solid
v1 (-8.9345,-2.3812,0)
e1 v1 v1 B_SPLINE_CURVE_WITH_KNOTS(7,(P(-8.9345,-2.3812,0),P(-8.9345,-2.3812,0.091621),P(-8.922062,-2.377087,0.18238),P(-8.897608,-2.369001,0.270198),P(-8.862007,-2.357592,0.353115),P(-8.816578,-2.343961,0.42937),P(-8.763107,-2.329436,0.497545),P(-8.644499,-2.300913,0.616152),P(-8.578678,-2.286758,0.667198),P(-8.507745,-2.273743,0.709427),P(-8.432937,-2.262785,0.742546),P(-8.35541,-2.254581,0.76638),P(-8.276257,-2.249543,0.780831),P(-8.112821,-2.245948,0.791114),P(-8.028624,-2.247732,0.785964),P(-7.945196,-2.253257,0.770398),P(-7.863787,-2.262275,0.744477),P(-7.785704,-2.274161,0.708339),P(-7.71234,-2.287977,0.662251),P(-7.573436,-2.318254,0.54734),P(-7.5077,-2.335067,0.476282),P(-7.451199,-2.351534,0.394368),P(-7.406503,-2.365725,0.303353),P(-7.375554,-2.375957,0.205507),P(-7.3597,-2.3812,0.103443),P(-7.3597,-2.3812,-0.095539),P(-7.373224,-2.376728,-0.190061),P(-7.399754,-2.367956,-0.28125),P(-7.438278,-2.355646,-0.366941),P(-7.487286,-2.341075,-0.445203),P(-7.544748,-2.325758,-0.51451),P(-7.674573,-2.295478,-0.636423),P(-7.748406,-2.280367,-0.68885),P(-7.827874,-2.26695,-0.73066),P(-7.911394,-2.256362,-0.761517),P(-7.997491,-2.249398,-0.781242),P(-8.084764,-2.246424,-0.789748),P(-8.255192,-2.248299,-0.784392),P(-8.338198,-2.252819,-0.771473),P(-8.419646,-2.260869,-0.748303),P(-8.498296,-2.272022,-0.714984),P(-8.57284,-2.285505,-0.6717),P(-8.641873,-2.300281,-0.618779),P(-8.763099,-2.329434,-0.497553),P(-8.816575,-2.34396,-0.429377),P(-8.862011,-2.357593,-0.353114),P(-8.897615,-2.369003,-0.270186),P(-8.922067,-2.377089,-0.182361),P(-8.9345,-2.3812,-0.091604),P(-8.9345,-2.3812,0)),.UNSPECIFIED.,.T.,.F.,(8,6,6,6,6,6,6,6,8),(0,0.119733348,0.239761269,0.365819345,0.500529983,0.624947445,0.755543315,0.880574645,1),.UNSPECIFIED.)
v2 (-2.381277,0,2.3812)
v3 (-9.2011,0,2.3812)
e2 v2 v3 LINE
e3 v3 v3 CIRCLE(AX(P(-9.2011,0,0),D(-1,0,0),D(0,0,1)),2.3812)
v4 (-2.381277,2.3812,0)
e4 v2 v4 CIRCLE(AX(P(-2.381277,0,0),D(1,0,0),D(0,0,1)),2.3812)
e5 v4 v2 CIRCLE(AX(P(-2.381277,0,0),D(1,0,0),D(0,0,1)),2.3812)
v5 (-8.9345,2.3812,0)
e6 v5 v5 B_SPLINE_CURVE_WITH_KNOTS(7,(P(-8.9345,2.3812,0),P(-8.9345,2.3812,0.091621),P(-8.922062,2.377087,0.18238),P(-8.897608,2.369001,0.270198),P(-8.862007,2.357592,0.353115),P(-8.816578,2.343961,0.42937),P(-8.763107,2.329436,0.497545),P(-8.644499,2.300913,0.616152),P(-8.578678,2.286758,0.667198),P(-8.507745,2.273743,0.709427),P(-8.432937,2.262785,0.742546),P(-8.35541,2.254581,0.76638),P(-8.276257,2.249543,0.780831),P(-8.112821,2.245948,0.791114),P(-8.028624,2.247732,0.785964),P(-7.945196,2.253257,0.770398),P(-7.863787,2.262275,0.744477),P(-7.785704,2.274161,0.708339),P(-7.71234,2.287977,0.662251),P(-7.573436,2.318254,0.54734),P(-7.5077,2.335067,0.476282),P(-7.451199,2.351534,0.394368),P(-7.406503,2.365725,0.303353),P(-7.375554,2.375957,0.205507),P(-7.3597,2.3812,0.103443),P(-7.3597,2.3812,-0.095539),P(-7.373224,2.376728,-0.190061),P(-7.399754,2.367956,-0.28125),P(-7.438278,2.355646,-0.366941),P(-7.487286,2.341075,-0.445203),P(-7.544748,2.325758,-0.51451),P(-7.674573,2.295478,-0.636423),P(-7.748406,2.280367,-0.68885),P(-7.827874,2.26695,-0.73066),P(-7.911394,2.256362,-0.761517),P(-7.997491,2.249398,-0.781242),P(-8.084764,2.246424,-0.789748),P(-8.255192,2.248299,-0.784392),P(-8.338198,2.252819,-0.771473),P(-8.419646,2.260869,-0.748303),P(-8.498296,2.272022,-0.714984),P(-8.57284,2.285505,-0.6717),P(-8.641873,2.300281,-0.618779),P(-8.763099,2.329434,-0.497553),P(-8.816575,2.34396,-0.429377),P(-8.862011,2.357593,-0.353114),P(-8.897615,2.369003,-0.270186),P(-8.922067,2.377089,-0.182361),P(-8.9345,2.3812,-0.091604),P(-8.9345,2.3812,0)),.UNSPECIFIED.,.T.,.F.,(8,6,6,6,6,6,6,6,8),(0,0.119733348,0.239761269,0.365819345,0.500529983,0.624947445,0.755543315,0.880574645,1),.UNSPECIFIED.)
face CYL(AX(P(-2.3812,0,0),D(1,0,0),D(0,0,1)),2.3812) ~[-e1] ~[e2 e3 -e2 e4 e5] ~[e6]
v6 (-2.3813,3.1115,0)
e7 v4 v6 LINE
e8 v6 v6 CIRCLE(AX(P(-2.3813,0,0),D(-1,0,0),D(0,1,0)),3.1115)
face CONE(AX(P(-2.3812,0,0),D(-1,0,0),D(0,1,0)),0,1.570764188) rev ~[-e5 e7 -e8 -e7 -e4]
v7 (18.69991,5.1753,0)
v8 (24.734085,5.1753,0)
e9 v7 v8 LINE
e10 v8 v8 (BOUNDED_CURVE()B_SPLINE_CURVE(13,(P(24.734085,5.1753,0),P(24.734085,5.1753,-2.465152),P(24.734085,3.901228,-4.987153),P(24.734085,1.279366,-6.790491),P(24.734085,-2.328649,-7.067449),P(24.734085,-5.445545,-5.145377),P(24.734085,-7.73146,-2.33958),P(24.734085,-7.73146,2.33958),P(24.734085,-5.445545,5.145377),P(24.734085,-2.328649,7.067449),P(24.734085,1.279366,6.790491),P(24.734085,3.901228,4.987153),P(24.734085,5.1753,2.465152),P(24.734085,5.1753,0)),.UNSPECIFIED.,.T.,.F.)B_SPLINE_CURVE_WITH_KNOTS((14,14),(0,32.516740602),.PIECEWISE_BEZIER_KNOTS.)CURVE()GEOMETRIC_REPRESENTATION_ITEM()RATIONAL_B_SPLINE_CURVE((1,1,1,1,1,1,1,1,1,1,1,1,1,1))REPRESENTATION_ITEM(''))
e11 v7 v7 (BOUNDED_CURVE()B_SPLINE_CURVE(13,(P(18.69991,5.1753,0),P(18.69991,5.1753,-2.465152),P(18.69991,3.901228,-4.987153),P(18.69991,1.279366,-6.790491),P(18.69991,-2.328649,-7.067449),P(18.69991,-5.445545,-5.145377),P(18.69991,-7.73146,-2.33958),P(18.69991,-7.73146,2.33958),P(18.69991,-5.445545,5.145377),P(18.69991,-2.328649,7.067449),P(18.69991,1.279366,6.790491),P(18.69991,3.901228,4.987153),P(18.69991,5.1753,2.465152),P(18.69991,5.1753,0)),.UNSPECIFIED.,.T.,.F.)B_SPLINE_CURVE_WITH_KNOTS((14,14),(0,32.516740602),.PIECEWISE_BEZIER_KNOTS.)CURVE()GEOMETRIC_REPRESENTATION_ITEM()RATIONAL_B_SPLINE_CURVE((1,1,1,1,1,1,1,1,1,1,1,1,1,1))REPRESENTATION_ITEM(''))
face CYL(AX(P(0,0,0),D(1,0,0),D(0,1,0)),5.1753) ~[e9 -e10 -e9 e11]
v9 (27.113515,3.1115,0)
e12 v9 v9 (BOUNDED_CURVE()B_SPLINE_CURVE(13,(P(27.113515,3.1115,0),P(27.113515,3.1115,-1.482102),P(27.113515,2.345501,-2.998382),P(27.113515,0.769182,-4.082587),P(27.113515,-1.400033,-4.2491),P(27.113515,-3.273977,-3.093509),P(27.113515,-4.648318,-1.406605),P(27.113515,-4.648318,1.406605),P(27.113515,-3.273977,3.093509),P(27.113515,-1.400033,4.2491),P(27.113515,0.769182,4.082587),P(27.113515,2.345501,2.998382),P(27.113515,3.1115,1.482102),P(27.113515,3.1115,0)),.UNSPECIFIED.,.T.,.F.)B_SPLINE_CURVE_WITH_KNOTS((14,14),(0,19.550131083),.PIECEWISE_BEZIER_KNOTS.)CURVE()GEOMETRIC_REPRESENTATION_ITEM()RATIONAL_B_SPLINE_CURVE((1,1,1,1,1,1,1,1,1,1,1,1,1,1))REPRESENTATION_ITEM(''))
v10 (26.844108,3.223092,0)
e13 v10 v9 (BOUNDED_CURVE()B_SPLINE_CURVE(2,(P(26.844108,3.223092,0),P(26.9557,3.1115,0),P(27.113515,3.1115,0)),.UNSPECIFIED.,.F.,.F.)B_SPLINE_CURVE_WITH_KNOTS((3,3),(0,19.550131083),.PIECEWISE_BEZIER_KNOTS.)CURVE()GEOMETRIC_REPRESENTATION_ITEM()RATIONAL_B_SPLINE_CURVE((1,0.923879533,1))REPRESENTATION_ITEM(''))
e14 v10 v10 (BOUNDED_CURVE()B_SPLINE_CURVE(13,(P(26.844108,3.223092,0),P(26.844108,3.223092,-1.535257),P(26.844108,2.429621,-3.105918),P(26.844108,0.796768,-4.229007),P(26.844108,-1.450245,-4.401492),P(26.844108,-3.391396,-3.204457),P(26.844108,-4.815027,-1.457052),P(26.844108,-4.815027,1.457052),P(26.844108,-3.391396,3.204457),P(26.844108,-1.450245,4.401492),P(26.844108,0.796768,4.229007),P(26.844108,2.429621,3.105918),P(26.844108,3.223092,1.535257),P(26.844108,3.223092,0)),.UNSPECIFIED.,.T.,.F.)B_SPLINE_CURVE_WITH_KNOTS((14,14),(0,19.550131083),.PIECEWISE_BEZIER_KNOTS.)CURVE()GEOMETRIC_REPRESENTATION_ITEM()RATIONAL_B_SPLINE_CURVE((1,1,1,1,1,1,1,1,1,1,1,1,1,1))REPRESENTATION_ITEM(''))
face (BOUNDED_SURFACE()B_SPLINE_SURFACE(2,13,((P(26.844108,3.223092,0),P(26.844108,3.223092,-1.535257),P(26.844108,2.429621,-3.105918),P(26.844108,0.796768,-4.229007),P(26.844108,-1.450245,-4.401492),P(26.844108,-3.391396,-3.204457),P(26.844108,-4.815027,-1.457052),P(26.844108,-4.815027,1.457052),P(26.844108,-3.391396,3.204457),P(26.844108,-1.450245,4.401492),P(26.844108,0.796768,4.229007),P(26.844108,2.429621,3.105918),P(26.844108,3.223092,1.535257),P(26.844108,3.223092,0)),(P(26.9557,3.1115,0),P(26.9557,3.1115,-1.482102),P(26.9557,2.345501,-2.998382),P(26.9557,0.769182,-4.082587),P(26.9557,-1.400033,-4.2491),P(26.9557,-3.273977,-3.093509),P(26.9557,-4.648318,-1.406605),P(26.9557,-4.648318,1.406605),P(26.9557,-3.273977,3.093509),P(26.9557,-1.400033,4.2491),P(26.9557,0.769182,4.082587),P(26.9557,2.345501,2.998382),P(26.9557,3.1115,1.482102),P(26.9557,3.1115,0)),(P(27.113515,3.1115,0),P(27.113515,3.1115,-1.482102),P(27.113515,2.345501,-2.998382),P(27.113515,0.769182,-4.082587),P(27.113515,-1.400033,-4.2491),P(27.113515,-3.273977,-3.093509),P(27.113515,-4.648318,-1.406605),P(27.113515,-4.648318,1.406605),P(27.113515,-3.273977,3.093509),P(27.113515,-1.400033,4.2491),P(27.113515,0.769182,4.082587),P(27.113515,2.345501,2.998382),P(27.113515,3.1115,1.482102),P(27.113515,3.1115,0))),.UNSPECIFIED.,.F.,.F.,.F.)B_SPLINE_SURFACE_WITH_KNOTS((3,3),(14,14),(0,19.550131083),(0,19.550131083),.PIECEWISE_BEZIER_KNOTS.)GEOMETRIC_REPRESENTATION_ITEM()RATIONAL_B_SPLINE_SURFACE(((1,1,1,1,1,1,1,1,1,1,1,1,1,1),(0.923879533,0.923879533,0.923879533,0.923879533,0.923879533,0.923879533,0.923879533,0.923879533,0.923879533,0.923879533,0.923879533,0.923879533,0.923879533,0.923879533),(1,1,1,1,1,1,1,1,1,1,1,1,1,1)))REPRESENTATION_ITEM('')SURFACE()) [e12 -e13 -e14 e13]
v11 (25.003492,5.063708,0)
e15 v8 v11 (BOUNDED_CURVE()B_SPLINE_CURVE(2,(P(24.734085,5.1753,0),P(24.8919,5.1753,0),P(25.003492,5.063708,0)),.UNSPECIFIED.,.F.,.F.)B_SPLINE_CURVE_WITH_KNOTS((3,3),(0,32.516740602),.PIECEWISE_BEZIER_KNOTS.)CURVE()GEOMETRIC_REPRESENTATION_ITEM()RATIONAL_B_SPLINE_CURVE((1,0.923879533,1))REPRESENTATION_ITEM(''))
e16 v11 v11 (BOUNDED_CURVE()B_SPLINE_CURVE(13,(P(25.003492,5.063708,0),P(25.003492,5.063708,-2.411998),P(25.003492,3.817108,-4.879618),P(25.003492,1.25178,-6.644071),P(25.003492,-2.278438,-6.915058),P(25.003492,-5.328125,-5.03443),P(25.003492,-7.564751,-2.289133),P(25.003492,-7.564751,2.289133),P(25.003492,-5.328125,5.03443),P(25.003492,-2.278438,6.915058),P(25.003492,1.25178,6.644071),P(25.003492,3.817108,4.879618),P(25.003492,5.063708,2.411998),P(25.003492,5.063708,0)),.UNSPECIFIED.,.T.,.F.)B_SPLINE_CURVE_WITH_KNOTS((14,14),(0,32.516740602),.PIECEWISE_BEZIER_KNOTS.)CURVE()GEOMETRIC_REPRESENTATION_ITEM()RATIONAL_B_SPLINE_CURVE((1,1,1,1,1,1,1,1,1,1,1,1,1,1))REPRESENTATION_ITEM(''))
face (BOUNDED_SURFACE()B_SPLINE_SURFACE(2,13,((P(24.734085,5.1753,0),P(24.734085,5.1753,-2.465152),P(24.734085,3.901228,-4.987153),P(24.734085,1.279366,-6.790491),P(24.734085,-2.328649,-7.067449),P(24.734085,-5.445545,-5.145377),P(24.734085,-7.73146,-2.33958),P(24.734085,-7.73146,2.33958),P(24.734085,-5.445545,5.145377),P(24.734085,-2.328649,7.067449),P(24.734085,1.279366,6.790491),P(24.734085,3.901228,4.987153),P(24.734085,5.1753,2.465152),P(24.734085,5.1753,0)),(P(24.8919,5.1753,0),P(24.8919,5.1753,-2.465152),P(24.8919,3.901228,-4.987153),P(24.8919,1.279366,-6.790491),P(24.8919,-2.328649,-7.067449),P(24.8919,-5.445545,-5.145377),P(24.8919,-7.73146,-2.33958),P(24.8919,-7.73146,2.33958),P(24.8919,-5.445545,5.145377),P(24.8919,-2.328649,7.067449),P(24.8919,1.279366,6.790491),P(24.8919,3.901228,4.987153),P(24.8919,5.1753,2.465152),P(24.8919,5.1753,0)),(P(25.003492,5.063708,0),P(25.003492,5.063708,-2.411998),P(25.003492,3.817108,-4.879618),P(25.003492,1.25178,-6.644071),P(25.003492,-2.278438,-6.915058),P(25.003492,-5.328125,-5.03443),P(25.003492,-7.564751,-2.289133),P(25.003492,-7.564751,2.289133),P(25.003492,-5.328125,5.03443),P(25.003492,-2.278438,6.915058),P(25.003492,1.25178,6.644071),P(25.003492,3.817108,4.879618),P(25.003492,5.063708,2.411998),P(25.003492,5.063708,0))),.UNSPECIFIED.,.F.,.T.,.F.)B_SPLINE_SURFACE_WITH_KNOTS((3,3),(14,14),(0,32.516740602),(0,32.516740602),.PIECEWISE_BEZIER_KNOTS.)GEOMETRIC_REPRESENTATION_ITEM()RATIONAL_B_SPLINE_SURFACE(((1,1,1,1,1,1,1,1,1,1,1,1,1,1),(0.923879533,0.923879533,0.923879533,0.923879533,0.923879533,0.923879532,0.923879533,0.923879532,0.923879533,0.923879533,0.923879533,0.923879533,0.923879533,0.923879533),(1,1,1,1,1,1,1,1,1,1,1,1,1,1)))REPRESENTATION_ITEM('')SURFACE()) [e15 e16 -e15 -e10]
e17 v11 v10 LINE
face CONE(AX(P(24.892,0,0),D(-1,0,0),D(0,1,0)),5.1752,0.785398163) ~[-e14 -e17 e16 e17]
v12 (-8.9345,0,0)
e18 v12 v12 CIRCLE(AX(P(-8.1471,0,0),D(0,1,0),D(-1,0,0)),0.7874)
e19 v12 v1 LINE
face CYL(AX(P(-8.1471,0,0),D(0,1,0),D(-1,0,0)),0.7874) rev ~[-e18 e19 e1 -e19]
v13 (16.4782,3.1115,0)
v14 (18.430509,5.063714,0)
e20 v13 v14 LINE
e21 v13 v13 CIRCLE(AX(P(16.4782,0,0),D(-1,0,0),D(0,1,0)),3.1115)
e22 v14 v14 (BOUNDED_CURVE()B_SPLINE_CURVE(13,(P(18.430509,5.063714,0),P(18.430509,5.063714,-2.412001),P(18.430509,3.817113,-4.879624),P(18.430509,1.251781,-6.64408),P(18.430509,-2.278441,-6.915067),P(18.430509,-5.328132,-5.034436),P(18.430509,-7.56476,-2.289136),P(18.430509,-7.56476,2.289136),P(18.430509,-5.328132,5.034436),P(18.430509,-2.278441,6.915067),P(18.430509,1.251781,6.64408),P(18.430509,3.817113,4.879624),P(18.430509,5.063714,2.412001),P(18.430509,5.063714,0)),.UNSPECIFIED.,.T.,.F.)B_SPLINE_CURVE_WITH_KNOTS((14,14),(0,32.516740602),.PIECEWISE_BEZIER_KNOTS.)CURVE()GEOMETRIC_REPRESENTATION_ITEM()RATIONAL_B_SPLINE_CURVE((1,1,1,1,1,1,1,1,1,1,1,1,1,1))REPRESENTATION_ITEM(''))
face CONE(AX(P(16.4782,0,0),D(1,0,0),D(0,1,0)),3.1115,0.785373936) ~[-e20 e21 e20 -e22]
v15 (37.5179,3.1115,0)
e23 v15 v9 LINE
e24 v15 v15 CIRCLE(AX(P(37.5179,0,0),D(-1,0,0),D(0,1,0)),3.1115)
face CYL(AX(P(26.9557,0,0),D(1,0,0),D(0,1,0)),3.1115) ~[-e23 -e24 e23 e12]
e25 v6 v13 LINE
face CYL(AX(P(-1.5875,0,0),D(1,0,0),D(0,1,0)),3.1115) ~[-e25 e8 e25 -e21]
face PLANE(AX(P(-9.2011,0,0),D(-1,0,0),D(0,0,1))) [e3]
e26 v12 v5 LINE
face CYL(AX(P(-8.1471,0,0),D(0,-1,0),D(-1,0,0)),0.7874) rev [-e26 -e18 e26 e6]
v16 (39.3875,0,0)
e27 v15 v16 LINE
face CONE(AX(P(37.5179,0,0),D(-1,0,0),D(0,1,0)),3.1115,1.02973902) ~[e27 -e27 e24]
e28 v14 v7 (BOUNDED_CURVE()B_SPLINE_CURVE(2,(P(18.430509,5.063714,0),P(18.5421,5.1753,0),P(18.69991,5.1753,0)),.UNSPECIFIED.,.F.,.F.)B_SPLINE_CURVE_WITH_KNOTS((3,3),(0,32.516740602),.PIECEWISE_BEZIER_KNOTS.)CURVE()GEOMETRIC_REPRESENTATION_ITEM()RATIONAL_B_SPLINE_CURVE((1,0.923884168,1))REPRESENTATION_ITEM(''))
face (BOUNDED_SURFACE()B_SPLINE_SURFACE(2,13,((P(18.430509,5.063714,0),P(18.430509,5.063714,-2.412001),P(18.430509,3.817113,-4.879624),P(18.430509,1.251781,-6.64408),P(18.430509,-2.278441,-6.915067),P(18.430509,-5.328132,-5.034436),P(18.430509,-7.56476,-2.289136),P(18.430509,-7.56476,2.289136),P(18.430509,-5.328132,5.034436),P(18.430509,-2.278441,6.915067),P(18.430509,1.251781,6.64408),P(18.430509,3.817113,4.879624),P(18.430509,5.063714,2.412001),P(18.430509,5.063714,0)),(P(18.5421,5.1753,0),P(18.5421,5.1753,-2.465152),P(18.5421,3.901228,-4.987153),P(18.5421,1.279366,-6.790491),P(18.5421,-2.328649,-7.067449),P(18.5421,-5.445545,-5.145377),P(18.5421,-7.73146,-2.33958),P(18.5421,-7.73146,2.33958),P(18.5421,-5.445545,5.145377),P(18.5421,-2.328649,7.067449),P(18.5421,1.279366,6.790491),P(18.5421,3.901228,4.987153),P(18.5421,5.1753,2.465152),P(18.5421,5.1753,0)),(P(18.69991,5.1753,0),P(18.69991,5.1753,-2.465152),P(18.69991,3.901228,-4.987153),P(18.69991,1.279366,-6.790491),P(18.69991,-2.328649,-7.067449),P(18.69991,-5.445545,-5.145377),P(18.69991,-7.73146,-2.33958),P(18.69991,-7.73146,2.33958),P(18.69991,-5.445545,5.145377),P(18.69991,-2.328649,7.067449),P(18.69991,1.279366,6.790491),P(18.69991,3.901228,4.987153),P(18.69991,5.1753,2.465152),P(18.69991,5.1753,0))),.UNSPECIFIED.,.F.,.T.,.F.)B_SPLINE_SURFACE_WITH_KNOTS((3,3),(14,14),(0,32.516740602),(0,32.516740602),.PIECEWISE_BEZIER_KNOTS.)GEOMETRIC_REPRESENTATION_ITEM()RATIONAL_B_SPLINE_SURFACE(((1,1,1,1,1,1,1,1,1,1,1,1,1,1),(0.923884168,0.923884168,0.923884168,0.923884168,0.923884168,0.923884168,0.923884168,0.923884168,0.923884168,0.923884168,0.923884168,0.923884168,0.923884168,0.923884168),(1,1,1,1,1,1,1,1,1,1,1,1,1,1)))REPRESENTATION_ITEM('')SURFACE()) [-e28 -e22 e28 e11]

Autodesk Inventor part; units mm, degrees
ref_plane "YZ Plane" through (0, 0, 0) normal (1, 0, 0) x (0, 1, 0)
ref_plane "XZ Plane" through (0, 0, 0) normal (0, 1, 0) x (-1, 0, 0)
ref_plane "XY Plane" through (0, 0, 0) normal (0, 0, 1) x (1, 0, 0)
sketch "Sketch1" plane through (0, 0, 0) normal (0, 0, 1) x (1, 0, 0)
  line L0 (0, 0) -> (0, 6.35)
  line L1 (0, 0) -> (7.9375, 0)
  line L2 (7.9375, 0) -> (8.1915, 0)
  line L3 (0, 6.35) -> (7.9375, 6.35) construction
  line L4 (7.9375, 6.35) -> (7.9375, 0) construction
  line L5 (0, 5.5563) -> (7.9375, 5.5563) construction
  line L6 (7.9375, 6.35) -> (7.9375, 7.9375) construction
  line L7 (7.9375, 7.9375) -> (34.2265, 7.9375) construction
  line L8 (34.2265, 0) -> (34.2265, 7.9375) construction
  line L9 (34.2265, 7.3323) -> (37.4015, 7.3323) construction
  line L10 (37.4015, 7.3323) -> (37.4015, 0) construction
  line L11 (37.4015, 0) -> (34.2265, 0)
  line L12 (37.4015, 6.35) -> (45.593, 6.35) construction
  line L13 (45.593, 6.35) -> (45.593, 0) construction
  line L14 (37.4015, 0) -> (37.6555, 0)
  line L15 (37.6555, 0) -> (45.593, 0)
  line L16 (37.6555, 0) -> (37.6555, 6.35) construction
  line L17 (7.9375, 5.5563) -> (45.593, 5.5563) construction
  line L18 (16.4059, 7.874) -> (17.6759, 7.874) construction
  line L19 (0, 3.1115) -> (26.9557, 3.1115)
  line L20 (0, 5.1753) -> (45.593, 5.1753)
  line L21 (8.1915, 0) -> (8.1915, 7.9375) construction
  line L22 (8.1915, 0) -> (8.9852, 0)
  line L23 (8.9852, 0) -> (8.9852, 7.9375) construction
  line L24 (8.9852, 7.9375) -> (8.9852, 25.0214) construction
  line L25 (8.9852, 25.0214) -> (13.7477, 25.0214) construction
  line L26 (13.7477, 25.0214) -> (13.7477, 0) construction
  line L27 (13.7477, 0) -> (8.9852, 0)
  line L28 (13.7477, 17.4625) -> (21.082, 17.4625) construction
  line L29 (13.7477, 25.0214) -> (18.5102, 25.0214) construction
  line L30 (18.5102, 25.0214) -> (18.5103, 0) construction
  line L31 (18.5103, 0) -> (13.7477, 0)
  line L32 (21.082, 17.4625) -> (21.082, 0) construction
  line L33 (21.082, 0) -> (18.5103, 0)
  line L34 (21.082, 0) -> (21.8758, 0)
  line L35 (21.8758, 0) -> (21.8758, 14.2875) construction
  line L36 (21.8758, 14.2875) -> (21.082, 14.2875) construction
  line L37 (8.1915, 7.9375) -> (8.1915, 14.2875) construction
  line L38 (8.1915, 14.2875) -> (8.9852, 14.2875) construction
  line L39 (21.8758, 30.0415) -> (26.6382, 30.0415) construction
  line L40 (26.6382, 30.0415) -> (26.6382, 0) construction
  line L41 (26.6382, 0) -> (21.8758, 0)
  line L42 (26.6382, 30.0415) -> (31.4007, 30.0415) construction
  line L43 (31.4007, 30.0415) -> (31.4007, 0) construction
  line L44 (26.6382, 0) -> (31.4007, 0)
  line L45 (26.6382, 17.4625) -> (33.9725, 17.4625) construction
  line L46 (33.9725, 17.4625) -> (33.9725, 0) construction
  line L47 (33.9725, 0) -> (31.4007, 0)
  line L48 (21.8758, 14.2875) -> (21.8758, 30.0415) construction
  line L49 (33.9725, 0) -> (34.2265, 0)
  line L50 (11.3665, 25.0214) -> (11.3665, 0) construction
  line L51 (24.257, 30.0415) -> (24.257, 0) construction
  circle A0 centre (11.3665, 7.5565) radius 2.3813 construction
  circle A1 centre (11.3665, 5.4927) radius 2.3813 construction
  line L52 (8.9893, 7.874) -> (10.2593, 7.874) construction
  circle A2 centre (24.257, 5.4927) radius 2.3812 construction
  circle A3 centre (24.257, 7.5565) radius 2.3812 construction
  line L53 (23.0177, 7.874) -> (24.0459, 7.874) construction
  line L54 (14.6367, 5.1752) -> (12.573, 3.1115) construction
  line L55 (20.9867, 5.1752) -> (23.0505, 3.1115) construction
  line L56 (10.7315, 5.1752) -> (8.6677, 3.1115) construction
  line L57 (10.4775, 5.1752) -> (8.4137, 3.1115) construction
  line L58 (0, 3.5719) -> (8.8741, 3.5719) construction
  line L59 (0, 3.5719) -> (-1.5875, 3.5719) construction
  line L60 (-1.5875, 3.5719) -> (-1.5875, 6.35) construction
  line L61 (-1.5875, 6.35) -> (0, 6.35) construction
  line L62 (26.7144, 7.9375) -> (26.7144, 0) construction
  line L63 (24.892, 5.1752) -> (26.9557, 3.1115)
  line L64 (26.7144, 5.5563) -> (28.1834, 3.1115) construction
  line L65 (16.8275, 5.1752) -> (18.8912, 3.1115) construction
  line L66 (37.5179, 3.1115) -> (37.5179, 0) construction
  line L67 (16.4782, 3.1115) -> (18.542, 5.1752)
  line L68 (69.3538, 20.0694) -> (73.1082, 25.272) construction
  line L69 (73.1082, 25.272) -> (79.491, 24.6219) construction
  line L70 (79.491, 24.6219) -> (82.1194, 18.7692) construction
  line L71 (82.1194, 18.7692) -> (78.365, 13.5666) construction
  line L72 (78.365, 13.5666) -> (71.9822, 14.2167) construction
  line L73 (71.9822, 14.2167) -> (69.3538, 20.0694) construction
  circle A4 centre (75.7366, 19.4193) radius 6.4158 construction
  line L74 (45.593, 5.5563) -> (53.7803, 5.5563) construction
  line L75 (53.7803, 5.5563) -> (53.7803, 0) construction
  line L76 (53.7803, 0) -> (45.593, 0) construction
  line L77 (28.026, 3.3734) -> (45.593, 3.3734) construction
  line L78 (31.323, 0) -> (29.4534, 3.1115)
  line L79 (37.5179, 3.1115) -> (39.3875, 0)
  line L80 (37.7719, 3.1115) -> (39.6415, 0) construction
  line L81 (8.909, 7.9375) -> (8.909, 0) construction
  line L82 (37.7719, 3.1115) -> (37.6145, 3.3734) construction
  line L83 (37.5179, 3.1115) -> (45.593, 3.1115) construction
  line L84 (26.9557, 3.1115) -> (37.5179, 3.1115)
  line L85 (0, 0) -> (-1.5875, 0)
  line L86 (-1.5875, 0) -> (-1.5875, 3.1115)
  line L87 (-1.5875, 3.1115) -> (0, 3.1115)
  line L88 (-1.5875, 0) -> (-2.3812, 0)
  line L89 (-2.3812, 0) -> (-2.3813, 3.1115)
  line L90 (-2.3813, 3.1115) -> (-1.5875, 3.1115)
  point P0 (11.3665, 3.1115)
  point P1 (11.3665, 5.1752)
  point P2 (24.257, 5.1752)
  dimension "d78" = 4.7625
  dimension "d82" = 4.7625
  dimension "d116" = 12.8316
  dimension "d40" = 0.254
  dimension "d41" = 7.9375
  dimension "d42" = 6.35
  dimension "d43" = 5.5563
  dimension "d44" = 7.9375
  dimension "d46" = 7.3323
  dimension "d47" = 3.175
  dimension "d48" = 0.254
  dimension "d49" = 6.35
  dimension "d50" = 7.9375
  dimension "d53" = 1.27
  dimension "d54" = 0.0635
  dimension "d58" = 3.1115
  dimension "d61" = 5.1753
  dimension "d63" = 0.7937
  dimension "d64" = 4.7625
  dimension "d65" = 7.3342
  dimension "d66" = 17.4625
  dimension "d67" = 4.7625
  dimension "d68" = 0.7937
  dimension "d69" = 14.2875
  dimension "d70" = 14.2875
  dimension "d71" = 4.7625
  dimension "d72" = 4.7625
  dimension "d73" = 7.3342
  dimension "d74" = 17.4625
  dimension "d75" = 0.254
  dimension "d76" = 12.8905
  dimension "d77" = 0.381
  dimension "d80" = 0.0635
  dimension "d81" = 4.7625
  dimension "d83" = 0.381
  dimension "d84" = 0.0635
  dimension "d85" = 45
  dimension "d86" = 45
  dimension "d88" = 1.2065
  dimension "d89" = 6.35
  dimension "d90" = 3.2702
  dimension "d91" = 0.635
  dimension "d92" = 45
  dimension "d93" = 0.254
  dimension "d94" = 3.5719
  dimension "d95" = 0.4604
  dimension "d96" = 1.5875
  dimension "d97" = 2.7781
  dimension "d98" = 1.6034
  dimension "d99" = 3.9053
  dimension "d101" = 3.2702
  dimension "d102" = 4.9149
  dimension "d103" = 0.635
  dimension "d105" = 59
  dimension "d106" = 2.4977
  dimension "d107" = 6.35
  dimension "d108" = 45
  dimension "d109" = 8.0645
  dimension "d110" = 10.5622
  dimension "d114" = 6.35
  dimension "d115" = 11.1125
  dimension "d117" = 5.5563
  dimension "d118" = 3.1115
  dimension "d120" = 3.3734
  dimension "d121" = 59
  dimension "d122" = 1.27
  dimension "d123" = 59
revolve "Revolution1" add sketch "Sketch1" angle 360 about axis through (21.082, 0, 0) along (-1, 0, 0) contours L85 L86 L87 L0 | L0 L19 L84 L78 L44 L41 L34 L33 L31 L27 L22 L2 L1 | L88 L89 L90 L86 | L67 L20 L63 L19 | L84 L79 L15 L14 L11 L49 L47 L44 L78
fillet "Fillet1" radius 0.381 3 edges at (18.542, -5.1752, 0) (24.892, -5.1752, 0) (26.9557, -3.1115, 0)
sketch "Sketch12" plane through (-2.3812, 0, 0) normal (-1, 0, 0) x (0, 0, 1)
  circle A0 centre (0, 0) radius 3.1115
  circle A1 centre (0, 0) radius 2.3812
  circle A2 centre (0, 0) radius 3.1115 projected
  dimension "d160" = 4.7625
extrude "Extrusion11" add sketch "Sketch12" along normal blind 6.8199 contours A1
sketch "Sketch13" plane through (0, 0, 0) normal (0, 1, 0) x (-1, 0, 0)
  line L0 (9.2011, -2.3812) -> (9.2011, 2.3812) projected
  circle A0 centre (8.1471, 0) radius 0.7874
  line L1 (0, 0) -> (8.1471, 0) construction
  line L2 (2.3813, 3.1115) -> (2.3813, -3.1115) projected
  point P0 (7.3597, 0)
  dimension "d164" = 1.5748
  dimension "d169" = 4.9784
extrude "Extrusion12" cut sketch "Sketch13" along normal through all both and the other way through all
ref_plane "Work Plane2" through (-1.5875, 0, 0) normal (-1, 0, 0) x (0, 0, 1)
properties part number "Ball Shisting Shaft Outline Sketch"
